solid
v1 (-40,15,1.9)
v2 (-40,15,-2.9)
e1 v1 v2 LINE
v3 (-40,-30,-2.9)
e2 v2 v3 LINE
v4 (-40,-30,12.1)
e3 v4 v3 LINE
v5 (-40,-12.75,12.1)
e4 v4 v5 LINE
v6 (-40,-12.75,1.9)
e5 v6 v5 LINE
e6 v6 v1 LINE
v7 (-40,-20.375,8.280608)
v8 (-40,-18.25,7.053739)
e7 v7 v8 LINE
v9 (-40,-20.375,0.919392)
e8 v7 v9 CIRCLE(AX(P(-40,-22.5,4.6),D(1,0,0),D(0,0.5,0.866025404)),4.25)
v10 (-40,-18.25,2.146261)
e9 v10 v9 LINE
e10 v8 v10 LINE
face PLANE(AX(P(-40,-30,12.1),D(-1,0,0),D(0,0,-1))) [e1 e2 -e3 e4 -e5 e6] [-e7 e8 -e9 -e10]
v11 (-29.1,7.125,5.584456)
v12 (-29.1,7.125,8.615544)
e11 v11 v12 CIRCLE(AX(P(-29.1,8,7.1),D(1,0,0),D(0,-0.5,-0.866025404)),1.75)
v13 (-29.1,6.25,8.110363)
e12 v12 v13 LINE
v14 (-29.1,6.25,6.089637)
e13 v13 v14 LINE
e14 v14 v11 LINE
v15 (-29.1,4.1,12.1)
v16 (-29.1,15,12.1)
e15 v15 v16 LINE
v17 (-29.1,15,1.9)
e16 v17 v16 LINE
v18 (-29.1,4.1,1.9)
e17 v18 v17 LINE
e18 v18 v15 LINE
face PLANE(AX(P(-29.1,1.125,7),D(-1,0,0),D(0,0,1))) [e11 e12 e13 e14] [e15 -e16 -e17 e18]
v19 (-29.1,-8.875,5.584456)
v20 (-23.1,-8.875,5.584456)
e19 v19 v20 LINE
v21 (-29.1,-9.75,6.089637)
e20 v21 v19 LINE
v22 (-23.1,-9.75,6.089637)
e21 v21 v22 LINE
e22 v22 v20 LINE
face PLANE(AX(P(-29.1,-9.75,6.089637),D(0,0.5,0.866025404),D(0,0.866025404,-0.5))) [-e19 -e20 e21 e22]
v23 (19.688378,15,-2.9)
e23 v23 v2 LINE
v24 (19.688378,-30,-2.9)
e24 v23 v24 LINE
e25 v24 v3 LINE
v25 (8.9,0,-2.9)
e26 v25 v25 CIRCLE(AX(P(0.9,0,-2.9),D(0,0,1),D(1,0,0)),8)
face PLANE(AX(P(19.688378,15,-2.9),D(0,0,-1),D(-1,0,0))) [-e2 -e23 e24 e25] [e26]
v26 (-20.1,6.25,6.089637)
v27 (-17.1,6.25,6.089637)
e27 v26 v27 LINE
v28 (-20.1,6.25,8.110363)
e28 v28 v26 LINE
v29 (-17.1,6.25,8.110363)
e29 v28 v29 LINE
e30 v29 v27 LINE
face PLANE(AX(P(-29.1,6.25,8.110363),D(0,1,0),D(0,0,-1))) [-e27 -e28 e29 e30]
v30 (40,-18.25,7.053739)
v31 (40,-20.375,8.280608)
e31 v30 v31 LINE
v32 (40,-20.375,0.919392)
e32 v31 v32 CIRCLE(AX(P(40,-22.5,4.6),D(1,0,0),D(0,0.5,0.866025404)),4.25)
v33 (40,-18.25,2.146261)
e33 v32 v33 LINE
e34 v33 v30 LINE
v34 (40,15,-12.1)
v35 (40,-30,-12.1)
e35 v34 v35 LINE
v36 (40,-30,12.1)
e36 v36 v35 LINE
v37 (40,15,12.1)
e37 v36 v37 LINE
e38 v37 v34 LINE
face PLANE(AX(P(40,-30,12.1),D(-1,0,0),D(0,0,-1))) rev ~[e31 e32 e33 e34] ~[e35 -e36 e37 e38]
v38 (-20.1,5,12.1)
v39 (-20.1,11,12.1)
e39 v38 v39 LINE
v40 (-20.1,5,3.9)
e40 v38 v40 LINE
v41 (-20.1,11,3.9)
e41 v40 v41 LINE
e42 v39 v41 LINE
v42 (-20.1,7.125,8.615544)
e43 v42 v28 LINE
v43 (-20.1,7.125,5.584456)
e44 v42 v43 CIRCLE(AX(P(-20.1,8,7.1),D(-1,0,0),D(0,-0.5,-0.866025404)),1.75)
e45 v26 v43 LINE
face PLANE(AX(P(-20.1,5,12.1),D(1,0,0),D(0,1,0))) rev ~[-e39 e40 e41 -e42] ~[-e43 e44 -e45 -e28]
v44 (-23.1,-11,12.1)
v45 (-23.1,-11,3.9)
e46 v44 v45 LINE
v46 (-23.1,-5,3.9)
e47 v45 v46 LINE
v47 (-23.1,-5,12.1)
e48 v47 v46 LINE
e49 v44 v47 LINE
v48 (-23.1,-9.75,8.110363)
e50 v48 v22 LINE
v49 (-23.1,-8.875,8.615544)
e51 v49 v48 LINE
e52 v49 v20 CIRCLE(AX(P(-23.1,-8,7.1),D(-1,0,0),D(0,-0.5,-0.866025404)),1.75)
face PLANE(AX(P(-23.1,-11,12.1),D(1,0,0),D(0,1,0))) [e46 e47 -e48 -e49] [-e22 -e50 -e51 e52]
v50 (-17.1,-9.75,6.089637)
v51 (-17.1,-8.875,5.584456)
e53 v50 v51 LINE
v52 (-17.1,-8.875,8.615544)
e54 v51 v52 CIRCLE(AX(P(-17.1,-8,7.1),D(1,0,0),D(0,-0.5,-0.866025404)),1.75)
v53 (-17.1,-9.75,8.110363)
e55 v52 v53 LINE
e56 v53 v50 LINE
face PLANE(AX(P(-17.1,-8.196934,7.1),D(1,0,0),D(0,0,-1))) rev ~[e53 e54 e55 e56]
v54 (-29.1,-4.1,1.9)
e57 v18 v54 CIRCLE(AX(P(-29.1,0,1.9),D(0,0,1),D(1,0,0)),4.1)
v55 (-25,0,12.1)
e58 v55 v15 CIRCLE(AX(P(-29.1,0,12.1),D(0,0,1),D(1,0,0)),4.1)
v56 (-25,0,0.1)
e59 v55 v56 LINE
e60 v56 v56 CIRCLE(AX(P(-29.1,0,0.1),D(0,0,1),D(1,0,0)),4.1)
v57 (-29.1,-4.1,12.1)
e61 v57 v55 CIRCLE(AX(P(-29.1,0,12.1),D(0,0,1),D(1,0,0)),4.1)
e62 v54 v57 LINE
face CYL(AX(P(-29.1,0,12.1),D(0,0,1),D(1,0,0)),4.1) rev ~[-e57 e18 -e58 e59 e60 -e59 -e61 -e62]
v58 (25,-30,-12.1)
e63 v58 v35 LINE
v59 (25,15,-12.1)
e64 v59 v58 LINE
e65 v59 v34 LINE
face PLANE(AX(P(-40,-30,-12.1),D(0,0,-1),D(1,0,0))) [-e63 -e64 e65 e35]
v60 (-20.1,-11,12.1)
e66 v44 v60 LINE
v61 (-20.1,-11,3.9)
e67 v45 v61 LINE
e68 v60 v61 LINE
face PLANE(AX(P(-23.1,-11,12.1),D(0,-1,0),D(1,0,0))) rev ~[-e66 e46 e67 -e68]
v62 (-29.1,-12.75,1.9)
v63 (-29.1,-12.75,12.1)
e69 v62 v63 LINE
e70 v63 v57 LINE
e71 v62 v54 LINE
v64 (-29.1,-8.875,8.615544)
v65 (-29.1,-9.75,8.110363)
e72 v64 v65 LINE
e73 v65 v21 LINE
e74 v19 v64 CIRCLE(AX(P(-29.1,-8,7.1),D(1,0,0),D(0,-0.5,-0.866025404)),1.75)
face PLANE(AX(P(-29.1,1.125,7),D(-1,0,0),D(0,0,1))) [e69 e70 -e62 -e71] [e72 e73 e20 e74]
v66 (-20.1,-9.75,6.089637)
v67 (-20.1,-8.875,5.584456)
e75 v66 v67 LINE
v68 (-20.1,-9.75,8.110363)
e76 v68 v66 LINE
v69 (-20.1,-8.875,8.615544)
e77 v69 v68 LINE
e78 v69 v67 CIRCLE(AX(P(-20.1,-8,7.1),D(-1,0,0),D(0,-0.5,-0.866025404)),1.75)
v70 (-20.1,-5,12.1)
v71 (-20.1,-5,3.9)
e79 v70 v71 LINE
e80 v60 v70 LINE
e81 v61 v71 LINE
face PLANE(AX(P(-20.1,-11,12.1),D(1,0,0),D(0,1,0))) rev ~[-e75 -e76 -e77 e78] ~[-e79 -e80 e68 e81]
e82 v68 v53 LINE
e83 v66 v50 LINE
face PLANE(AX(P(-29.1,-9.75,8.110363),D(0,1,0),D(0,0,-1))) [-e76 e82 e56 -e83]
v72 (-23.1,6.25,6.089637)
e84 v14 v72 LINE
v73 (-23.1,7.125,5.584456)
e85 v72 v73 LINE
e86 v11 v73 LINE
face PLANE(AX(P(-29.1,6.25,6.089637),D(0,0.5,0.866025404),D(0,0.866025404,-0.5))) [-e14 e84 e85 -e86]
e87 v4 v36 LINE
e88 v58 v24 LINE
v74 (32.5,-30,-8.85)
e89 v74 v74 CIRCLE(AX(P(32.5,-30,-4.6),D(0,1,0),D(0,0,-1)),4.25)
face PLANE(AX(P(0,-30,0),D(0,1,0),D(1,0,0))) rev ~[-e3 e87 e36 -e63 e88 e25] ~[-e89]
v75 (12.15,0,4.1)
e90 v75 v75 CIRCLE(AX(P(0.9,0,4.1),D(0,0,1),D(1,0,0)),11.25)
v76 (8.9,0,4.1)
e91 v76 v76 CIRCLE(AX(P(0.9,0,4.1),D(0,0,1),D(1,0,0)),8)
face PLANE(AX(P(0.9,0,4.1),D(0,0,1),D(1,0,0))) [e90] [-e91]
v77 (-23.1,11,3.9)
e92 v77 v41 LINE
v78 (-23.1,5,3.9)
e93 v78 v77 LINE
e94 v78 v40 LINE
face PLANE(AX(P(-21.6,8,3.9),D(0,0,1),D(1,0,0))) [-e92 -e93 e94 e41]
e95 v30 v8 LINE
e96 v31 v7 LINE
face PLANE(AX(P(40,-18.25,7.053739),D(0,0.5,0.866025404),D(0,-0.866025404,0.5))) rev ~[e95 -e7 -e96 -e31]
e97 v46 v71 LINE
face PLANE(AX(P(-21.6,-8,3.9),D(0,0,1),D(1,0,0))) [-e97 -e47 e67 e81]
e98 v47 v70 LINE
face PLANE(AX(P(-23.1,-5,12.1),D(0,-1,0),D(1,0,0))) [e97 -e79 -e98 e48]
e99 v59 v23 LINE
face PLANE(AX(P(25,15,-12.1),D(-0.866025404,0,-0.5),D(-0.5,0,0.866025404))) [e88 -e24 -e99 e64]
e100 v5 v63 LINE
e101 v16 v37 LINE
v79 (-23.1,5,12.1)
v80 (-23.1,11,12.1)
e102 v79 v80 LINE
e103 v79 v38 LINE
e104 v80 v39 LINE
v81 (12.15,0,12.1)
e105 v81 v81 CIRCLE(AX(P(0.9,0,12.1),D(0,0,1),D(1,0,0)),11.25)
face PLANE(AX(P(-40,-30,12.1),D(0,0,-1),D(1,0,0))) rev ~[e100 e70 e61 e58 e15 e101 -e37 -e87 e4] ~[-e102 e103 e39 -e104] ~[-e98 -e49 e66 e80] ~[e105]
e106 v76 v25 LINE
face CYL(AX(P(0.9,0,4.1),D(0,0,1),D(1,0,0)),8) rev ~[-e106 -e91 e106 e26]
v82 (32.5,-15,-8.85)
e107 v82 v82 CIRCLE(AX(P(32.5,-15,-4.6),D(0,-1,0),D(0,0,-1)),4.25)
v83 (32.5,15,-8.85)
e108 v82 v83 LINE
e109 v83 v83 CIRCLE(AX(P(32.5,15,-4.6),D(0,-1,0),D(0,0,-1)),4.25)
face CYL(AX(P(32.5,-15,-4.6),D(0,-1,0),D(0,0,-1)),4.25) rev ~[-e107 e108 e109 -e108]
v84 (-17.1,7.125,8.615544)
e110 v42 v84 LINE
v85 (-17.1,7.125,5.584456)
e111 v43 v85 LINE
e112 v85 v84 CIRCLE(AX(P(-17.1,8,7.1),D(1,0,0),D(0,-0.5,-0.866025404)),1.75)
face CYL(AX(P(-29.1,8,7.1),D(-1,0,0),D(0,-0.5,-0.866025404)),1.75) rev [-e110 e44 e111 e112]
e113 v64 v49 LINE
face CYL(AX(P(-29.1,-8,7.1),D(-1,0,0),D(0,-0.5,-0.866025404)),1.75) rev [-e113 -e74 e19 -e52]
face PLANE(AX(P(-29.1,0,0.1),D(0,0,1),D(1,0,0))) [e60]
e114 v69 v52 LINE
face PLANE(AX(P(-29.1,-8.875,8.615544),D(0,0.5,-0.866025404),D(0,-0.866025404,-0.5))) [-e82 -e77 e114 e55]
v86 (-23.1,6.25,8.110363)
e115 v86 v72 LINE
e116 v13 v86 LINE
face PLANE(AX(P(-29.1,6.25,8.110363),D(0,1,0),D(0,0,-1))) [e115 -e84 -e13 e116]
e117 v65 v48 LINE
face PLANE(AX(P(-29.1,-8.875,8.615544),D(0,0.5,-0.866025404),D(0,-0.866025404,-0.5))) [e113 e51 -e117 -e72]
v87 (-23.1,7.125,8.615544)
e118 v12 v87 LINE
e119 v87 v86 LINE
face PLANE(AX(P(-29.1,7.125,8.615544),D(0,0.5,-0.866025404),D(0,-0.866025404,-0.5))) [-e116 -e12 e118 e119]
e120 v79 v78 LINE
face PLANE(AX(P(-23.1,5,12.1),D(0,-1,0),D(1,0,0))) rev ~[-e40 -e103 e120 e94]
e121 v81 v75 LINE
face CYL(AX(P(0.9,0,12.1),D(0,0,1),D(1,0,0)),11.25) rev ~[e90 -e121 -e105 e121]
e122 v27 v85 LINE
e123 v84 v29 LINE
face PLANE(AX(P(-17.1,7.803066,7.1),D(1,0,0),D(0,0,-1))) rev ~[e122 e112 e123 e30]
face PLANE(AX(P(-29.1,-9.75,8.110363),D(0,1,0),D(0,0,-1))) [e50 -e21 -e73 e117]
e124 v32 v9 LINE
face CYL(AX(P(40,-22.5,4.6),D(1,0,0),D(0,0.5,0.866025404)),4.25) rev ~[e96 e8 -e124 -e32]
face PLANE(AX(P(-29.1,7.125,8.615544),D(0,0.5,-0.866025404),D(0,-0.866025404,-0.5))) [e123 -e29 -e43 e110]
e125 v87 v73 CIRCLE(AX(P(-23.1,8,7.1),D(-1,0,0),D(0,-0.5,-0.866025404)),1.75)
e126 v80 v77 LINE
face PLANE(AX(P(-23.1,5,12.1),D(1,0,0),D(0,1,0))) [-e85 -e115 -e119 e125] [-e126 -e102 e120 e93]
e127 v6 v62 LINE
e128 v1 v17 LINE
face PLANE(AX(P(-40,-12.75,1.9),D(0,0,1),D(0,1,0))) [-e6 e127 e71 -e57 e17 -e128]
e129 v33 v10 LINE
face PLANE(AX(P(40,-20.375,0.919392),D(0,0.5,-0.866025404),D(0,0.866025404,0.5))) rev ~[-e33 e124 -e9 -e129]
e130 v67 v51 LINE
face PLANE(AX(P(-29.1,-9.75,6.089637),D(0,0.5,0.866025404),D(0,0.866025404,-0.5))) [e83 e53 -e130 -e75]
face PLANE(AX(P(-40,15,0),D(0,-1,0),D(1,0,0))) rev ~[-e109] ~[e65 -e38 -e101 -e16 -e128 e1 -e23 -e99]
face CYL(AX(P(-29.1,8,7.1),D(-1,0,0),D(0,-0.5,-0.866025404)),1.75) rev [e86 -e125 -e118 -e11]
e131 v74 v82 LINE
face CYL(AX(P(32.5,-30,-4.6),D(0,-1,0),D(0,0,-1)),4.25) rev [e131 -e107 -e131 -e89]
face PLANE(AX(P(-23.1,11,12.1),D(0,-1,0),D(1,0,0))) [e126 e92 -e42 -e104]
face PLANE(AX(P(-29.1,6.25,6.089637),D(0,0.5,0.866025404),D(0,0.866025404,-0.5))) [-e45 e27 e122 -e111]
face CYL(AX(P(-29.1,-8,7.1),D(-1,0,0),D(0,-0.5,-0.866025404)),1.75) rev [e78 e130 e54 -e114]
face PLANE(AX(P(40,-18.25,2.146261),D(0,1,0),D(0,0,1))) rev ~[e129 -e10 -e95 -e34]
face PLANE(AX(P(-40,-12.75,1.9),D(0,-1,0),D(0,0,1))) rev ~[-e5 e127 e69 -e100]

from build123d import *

# Parameters (mm, degrees)
SCHIZZO2_W                   = 80
SCHIZZO2_H                   = 30
ESTRUSIONE_ESTRUSIONE1_DEPTH = 12.1
SCHIZZO3_R                   = 4.25
TAGLIO_ESTRUSIONE1_DEPTH     = 52.443269725
SCHIZZO4_R                   = 11.25
TAGLIO_ESTRUSIONE2_DEPTH     = 8
SCHIZZO5_R                   = 8
TAGLIO_ESTRUSIONE3_DEPTH     = 46.688510591
ESTRUSIONE_ESTRUSIONE2_START = -15
SCHIZZO6_W                   = 80
SCHIZZO6_H                   = 24.2
SCHIZZO6_R                   = 4.25
ESTRUSIONE_ESTRUSIONE2_DEPTH = 15
TAGLIO_ESTRUSIONE4_DEPTH     = 87.292583691
TAGLIO_ESTRUSIONE5_DEPTH     = 62.411806682
SCHIZZO8_R                   = 4.1
TAGLIO_ESTRUSIONE6_DEPTH     = 12
SCHIZZO10_W                  = 10.2
SCHIZZO10_H                  = 27.75
TAGLIO_ESTRUSIONE7_DEPTH     = 10.9
TAGLIO_ESTRUSIONE8_DEPTH     = 12
SCHIZZO12_W                  = 3
SCHIZZO12_H                  = 6
TAGLIO_ESTRUSIONE9_DEPTH     = 8.2


with BuildPart() as part:
    # Schizzo2 → Estrusione-Estrusione1 (new, symmetric)
    with BuildSketch(Plane.XY):
        Rectangle(SCHIZZO2_W, SCHIZZO2_H)
    extrude(amount=ESTRUSIONE_ESTRUSIONE1_DEPTH, both=True)

    # Schizzo3 → Taglio-Estrusione1 (cut, through all)
    with BuildSketch(Plane.XZ.offset(15)):
        with Locations(Location((32.5, -4.6, 0), (0, 0, 270))):
            Circle(SCHIZZO3_R)
    extrude(amount=-TAGLIO_ESTRUSIONE1_DEPTH, mode=Mode.SUBTRACT)

    # Schizzo4 → Taglio-Estrusione2 (cut)
    with BuildSketch(Plane.XY.offset(12.1)):
        with Locations((0.9, 0)):
            Circle(SCHIZZO4_R)
    extrude(amount=-TAGLIO_ESTRUSIONE2_DEPTH, mode=Mode.SUBTRACT)

    # Schizzo5 → Taglio-Estrusione3 (cut, through all)
    with BuildSketch(Plane.XY.offset(4.1)):
        with Locations((0.9, 0)):
            Circle(SCHIZZO5_R)
    extrude(amount=-TAGLIO_ESTRUSIONE3_DEPTH, mode=Mode.SUBTRACT)

    # Schizzo6 → Estrusione-Estrusione2 (add)
    with BuildSketch(Plane(origin=(0, -15, 0), x_dir=(1, 0, 0), z_dir=(0, 1, 0)).offset(ESTRUSIONE_ESTRUSIONE2_START)):
        Rectangle(SCHIZZO6_W, SCHIZZO6_H)
        with Locations(Location((32.5, 4.6, 0), (0, 0, 90))):
            Circle(SCHIZZO6_R, mode=Mode.SUBTRACT)
    extrude(amount=ESTRUSIONE_ESTRUSIONE2_DEPTH)

    # Schizzo7 → Taglio-Estrusione4 (cut, through all)
    with BuildSketch(Plane(origin=(40, 0, 0), x_dir=(0, 0, -1), z_dir=(1, 0, 0))):
        with BuildLine():
            Line((-2.146261356, -18.25), (-7.053738644, -18.25))
            Line((-7.053738644, -18.25), (-8.280607966, -20.375))
            ThreePointArc((-8.280607966, -20.375), (-4.6, -26.75), (-0.919392034, -20.375))
            Line((-0.919392034, -20.375), (-2.146261356, -18.25))
        make_face()
    extrude(amount=-TAGLIO_ESTRUSIONE4_DEPTH, mode=Mode.SUBTRACT)

    # Schizzo9 → Taglio-Estrusione5 (cut, through all)
    with BuildSketch(Plane.XZ.offset(-15)):
        Polygon((25, -12.1), (19.688377523, -2.9), (-40, -2.9), (-40, -12.1), align=None)
    extrude(amount=TAGLIO_ESTRUSIONE5_DEPTH, mode=Mode.SUBTRACT)

    # Schizzo8 → Taglio-Estrusione6 (cut)
    with BuildSketch(Plane.XY.offset(12.1)):
        with Locations((-29.1, 0)):
            Circle(SCHIZZO8_R)
    extrude(amount=-TAGLIO_ESTRUSIONE6_DEPTH, mode=Mode.SUBTRACT)

    # Schizzo10 → Taglio-Estrusione7 (cut)
    with BuildSketch(Plane.ZY.offset(40)):
        with Locations((7, 1.125)):
            Rectangle(SCHIZZO10_W, SCHIZZO10_H)
    extrude(amount=-TAGLIO_ESTRUSIONE7_DEPTH, mode=Mode.SUBTRACT)

    # Schizzo11 → Taglio-Estrusione8 (cut)
    with BuildSketch(Plane.ZY.offset(29.1)):
        with BuildLine():
            Line((8.110362971, 6.25), (6.089637029, 6.25))
            Line((6.089637029, 6.25), (5.584455543, 7.125))
            ThreePointArc((5.584455543, 7.125), (7.1, 9.75), (8.615544457, 7.125))
            Line((8.615544457, 7.125), (8.110362971, 6.25))
        make_face()
        with BuildLine():
            Line((8.110362971, -9.75), (6.089637029, -9.75))
            Line((6.089637029, -9.75), (5.584455543, -8.875))
            ThreePointArc((5.584455543, -8.875), (7.1, -6.25), (8.615544457, -8.875))
            Line((8.615544457, -8.875), (8.110362971, -9.75))
        make_face()
    extrude(amount=-TAGLIO_ESTRUSIONE8_DEPTH, mode=Mode.SUBTRACT)

    # Schizzo12 → Taglio-Estrusione9 (cut)
    with BuildSketch(Plane.XY.offset(12.1)):
        with Locations((-21.6, -8)):
            Rectangle(SCHIZZO12_W, SCHIZZO12_H)
        with Locations((-21.6, 8)):
            Rectangle(SCHIZZO12_W, SCHIZZO12_H)
    extrude(amount=-TAGLIO_ESTRUSIONE9_DEPTH, mode=Mode.SUBTRACT)


solid = part.part
